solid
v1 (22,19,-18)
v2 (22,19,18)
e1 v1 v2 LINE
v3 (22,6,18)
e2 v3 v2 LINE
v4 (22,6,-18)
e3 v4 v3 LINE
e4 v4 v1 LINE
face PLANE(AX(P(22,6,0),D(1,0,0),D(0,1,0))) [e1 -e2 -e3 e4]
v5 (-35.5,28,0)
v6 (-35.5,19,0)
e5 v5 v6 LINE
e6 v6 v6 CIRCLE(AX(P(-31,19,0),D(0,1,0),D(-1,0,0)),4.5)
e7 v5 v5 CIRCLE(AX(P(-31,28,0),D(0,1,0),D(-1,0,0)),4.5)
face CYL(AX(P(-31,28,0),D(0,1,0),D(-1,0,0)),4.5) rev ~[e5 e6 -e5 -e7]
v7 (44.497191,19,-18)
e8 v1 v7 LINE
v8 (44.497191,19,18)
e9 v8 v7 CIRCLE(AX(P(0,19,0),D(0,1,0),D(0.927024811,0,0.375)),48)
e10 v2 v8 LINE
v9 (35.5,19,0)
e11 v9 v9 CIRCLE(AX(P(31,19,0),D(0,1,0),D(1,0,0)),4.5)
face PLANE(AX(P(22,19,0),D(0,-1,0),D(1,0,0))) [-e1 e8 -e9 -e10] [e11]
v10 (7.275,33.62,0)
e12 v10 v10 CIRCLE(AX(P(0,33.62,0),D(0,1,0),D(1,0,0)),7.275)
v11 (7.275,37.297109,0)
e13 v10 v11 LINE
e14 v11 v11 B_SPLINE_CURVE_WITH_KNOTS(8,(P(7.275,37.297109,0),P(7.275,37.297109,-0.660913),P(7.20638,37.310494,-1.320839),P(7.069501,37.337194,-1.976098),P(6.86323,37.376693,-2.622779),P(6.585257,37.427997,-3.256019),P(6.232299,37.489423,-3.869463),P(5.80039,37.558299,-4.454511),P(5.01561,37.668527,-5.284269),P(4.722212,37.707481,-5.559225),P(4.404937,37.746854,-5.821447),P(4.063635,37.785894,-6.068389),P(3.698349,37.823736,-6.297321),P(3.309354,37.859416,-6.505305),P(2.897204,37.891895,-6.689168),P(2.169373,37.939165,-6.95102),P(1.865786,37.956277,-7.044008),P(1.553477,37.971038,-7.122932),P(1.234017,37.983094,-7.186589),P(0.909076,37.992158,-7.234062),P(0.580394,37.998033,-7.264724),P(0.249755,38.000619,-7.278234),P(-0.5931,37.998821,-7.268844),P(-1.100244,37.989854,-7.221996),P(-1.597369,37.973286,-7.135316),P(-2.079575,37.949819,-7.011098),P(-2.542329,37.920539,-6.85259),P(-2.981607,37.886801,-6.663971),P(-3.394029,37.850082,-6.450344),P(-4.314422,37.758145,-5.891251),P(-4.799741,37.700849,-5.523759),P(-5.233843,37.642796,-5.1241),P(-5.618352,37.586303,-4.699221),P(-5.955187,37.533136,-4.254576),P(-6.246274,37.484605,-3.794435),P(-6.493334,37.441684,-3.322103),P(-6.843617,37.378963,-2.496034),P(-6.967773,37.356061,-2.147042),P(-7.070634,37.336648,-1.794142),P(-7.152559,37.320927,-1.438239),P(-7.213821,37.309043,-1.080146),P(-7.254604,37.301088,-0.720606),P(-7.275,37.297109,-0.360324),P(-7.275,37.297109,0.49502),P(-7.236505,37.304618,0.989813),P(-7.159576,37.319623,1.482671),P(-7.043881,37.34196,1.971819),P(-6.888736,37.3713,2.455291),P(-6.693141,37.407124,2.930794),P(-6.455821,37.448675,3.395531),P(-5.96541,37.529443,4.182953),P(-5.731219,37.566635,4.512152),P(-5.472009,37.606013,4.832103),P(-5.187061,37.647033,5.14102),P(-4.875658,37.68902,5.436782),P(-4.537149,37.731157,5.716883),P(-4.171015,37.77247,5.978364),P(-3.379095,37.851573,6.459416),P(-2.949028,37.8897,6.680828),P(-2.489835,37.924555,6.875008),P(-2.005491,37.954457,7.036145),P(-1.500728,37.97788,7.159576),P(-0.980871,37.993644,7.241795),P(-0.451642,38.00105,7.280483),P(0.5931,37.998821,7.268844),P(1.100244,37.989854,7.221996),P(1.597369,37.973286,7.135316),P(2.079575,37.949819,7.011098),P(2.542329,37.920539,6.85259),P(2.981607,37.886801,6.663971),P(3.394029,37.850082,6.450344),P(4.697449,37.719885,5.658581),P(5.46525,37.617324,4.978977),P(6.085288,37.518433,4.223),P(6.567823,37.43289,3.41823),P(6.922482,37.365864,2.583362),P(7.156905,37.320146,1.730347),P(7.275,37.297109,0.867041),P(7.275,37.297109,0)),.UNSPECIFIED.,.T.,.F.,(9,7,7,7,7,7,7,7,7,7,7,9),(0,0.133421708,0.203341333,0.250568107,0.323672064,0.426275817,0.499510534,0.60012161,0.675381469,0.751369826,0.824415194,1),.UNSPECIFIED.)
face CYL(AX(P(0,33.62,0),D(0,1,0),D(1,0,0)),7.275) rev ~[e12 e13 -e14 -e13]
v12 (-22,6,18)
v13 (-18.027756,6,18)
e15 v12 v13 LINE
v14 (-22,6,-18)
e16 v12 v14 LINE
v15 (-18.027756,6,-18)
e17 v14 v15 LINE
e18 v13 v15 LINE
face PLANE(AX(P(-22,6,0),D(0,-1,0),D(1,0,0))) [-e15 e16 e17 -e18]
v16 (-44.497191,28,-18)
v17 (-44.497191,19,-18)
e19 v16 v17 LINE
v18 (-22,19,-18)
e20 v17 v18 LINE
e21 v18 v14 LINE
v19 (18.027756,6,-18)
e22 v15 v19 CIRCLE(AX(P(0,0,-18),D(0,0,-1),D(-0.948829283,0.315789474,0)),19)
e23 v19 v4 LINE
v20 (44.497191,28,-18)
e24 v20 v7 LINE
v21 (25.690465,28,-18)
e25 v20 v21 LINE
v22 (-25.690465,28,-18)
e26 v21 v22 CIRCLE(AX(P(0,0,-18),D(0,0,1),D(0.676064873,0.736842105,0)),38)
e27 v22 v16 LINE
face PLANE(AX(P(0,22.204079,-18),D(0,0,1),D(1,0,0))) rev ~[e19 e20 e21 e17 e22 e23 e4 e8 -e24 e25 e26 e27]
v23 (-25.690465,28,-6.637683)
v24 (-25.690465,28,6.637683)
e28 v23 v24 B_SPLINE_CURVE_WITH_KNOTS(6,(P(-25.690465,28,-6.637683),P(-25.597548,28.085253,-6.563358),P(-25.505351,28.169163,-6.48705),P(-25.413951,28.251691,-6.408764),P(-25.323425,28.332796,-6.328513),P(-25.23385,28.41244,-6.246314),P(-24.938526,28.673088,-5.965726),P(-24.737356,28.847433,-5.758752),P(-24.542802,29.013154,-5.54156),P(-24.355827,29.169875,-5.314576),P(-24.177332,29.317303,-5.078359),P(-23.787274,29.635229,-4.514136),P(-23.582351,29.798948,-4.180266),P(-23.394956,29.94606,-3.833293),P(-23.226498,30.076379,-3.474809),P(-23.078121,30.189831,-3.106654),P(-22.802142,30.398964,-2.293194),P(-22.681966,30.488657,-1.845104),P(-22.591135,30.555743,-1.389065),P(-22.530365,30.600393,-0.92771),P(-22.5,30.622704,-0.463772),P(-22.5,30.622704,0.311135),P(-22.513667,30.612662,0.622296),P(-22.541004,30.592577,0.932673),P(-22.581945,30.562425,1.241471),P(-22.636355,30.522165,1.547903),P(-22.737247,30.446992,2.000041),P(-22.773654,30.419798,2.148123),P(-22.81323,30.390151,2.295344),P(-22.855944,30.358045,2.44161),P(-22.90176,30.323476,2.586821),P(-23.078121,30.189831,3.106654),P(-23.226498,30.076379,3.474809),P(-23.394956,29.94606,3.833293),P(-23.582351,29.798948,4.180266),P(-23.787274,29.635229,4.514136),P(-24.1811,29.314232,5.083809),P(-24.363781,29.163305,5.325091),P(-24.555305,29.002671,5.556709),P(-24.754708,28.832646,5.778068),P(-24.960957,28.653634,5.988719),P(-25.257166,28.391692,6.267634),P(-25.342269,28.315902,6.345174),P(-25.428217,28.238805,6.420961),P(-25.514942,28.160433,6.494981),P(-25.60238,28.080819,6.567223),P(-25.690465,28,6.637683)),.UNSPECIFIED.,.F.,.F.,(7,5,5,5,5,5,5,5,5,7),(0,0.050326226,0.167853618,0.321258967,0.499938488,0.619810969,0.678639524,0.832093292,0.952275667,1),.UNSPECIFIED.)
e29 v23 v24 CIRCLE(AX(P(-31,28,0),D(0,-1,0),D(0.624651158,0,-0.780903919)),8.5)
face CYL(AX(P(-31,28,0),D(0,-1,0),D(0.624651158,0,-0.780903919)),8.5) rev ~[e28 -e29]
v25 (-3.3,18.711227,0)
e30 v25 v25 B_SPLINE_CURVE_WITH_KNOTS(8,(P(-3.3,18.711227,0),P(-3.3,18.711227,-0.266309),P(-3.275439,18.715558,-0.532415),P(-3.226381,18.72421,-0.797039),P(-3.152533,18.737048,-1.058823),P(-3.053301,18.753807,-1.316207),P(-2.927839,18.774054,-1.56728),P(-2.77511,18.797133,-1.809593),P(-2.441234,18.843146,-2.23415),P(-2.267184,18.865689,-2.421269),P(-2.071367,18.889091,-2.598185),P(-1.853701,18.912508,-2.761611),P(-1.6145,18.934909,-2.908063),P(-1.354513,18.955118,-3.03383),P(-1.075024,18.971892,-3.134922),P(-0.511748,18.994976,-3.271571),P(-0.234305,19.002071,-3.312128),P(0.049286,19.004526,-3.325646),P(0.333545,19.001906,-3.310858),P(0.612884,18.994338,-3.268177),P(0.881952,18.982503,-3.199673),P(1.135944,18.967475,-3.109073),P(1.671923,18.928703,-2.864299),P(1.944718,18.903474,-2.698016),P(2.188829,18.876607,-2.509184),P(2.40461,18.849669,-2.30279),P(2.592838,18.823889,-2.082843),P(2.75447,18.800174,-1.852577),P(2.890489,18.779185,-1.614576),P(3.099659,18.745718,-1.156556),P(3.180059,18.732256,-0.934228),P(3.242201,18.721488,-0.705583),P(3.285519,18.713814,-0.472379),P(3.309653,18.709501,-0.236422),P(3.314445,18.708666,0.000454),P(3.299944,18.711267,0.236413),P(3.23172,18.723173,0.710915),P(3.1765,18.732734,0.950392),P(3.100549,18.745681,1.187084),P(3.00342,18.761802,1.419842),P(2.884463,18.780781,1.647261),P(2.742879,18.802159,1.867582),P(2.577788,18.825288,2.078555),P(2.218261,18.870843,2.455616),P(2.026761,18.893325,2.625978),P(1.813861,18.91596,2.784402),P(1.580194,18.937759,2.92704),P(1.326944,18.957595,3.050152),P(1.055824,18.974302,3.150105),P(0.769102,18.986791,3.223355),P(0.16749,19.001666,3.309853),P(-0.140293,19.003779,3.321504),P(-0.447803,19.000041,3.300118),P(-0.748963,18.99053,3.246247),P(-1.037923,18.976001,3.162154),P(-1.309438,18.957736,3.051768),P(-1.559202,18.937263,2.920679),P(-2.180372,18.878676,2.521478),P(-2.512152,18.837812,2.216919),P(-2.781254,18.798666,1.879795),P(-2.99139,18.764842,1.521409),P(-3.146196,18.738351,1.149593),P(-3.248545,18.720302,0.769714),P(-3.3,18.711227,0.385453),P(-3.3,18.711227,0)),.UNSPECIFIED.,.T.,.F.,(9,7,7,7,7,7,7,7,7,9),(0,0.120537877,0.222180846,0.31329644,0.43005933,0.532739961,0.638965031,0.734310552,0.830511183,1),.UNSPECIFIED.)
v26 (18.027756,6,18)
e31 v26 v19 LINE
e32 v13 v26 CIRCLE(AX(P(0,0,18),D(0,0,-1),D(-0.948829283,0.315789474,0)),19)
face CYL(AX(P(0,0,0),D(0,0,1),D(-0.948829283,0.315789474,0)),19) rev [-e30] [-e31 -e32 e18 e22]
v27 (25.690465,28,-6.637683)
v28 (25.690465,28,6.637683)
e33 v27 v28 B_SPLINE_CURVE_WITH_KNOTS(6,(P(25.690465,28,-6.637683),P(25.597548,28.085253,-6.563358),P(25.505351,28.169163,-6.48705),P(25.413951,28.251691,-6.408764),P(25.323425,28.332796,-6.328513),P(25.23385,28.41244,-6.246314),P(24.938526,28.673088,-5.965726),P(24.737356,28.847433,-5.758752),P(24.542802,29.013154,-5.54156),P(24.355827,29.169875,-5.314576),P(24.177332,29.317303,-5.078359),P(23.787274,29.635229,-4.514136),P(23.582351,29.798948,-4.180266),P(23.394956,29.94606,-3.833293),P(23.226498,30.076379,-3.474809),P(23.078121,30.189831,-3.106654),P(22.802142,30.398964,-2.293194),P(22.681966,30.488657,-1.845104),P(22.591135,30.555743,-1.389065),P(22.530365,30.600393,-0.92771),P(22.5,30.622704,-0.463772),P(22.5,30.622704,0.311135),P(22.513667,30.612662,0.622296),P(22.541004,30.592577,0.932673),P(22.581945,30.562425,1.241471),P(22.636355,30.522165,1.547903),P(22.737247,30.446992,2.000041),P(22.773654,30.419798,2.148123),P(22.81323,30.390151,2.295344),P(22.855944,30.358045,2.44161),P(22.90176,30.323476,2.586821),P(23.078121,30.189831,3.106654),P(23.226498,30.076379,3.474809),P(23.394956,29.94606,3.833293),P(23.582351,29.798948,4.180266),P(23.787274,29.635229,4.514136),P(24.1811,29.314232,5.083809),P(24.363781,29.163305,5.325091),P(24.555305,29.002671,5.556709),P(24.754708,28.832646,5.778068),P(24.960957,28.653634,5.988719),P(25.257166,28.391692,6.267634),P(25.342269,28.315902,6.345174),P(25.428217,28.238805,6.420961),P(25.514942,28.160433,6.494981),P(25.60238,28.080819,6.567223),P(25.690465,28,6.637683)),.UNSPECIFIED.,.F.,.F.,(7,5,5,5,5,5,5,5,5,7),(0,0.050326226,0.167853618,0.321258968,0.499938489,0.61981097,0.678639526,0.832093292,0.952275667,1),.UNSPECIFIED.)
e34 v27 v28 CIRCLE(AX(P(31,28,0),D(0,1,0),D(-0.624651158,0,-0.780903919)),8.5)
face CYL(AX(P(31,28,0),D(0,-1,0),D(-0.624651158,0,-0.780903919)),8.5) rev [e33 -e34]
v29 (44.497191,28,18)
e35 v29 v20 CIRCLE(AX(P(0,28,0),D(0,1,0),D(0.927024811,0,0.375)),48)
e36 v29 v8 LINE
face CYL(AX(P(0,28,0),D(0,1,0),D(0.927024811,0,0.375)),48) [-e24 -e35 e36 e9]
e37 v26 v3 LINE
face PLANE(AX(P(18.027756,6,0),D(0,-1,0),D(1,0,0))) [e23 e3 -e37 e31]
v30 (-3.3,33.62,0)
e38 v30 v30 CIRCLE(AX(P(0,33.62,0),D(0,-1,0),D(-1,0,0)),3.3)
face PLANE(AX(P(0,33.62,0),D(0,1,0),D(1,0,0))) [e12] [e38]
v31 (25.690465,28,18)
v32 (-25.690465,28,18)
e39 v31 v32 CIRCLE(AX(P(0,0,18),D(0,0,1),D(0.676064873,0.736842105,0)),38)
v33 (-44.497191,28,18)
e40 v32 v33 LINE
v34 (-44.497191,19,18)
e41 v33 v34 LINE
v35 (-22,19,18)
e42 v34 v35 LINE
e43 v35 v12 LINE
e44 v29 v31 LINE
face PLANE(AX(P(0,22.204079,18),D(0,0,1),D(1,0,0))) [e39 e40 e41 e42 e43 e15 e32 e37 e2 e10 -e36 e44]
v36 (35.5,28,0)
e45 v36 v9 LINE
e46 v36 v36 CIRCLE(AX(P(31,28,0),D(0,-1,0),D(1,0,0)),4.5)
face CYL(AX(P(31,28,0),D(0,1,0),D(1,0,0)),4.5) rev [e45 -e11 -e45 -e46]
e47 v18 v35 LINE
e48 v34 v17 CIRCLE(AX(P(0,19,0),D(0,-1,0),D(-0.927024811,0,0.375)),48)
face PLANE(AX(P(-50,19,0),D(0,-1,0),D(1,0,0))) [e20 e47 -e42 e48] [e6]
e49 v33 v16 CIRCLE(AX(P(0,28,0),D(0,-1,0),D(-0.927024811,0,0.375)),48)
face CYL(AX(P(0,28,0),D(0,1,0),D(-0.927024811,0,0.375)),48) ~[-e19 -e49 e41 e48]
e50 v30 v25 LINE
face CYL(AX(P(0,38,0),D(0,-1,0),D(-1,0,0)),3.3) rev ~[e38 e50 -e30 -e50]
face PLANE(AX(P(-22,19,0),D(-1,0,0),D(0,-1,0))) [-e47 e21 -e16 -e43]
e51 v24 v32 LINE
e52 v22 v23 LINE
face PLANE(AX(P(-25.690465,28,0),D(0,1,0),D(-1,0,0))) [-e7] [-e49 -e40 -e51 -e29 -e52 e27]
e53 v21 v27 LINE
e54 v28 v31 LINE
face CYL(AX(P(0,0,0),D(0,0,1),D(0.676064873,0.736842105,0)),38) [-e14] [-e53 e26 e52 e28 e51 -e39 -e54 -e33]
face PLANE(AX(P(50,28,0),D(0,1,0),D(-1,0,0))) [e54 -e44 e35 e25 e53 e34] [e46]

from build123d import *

# Parameters (mm, degrees)
BOSS_EXTRUDE1_DEPTH                     = 18
CUT_EXTRUDE1_DEPTH                      = 9
SKETCH5_R                               = 4.5
CUT_EXTRUDE2_DEPTH                      = 10
CUT_EXTRUDE3_DEPTH                      = 10
CBORE_FOR_M6_HEX_HEAD_BOLT4_D           = 6.6
CBORE_FOR_M6_HEX_HEAD_BOLT4_CBORE_D     = 14.55
CBORE_FOR_M6_HEX_HEAD_BOLT4_CBORE_DEPTH = 4.38


with BuildPart() as part:
    # Sketch1 → Boss-Extrude1 (new body, symmetric)
    with BuildSketch(Plane.XY):
        with BuildLine():
            Line((18.027756377, 6), (22, 6))
            Line((22, 6), (22, 19))
            Line((22, 19), (50, 19))
            Line((50, 19), (50, 28))
            Line((50, 28), (29.380930315, 28))
            Line((29.380930315, 28), (25.690465157, 28))
            ThreePointArc((25.690465157, 28), (0, 38), (-25.690465157, 28))
            Line((-25.690465157, 28), (-29.380930315, 28))
            Line((-29.380930315, 28), (-50, 28))
            Line((-50, 28), (-50, 19))
            Line((-50, 19), (-22, 19))
            Line((-22, 19), (-22, 6))
            Line((-22, 6), (-18.027756377, 6))
            ThreePointArc((-18.027756377, 6), (0, 19), (18.027756377, 6))
        make_face()
    extrude(amount=BOSS_EXTRUDE1_DEPTH, both=True)

    # Sketch4 → Cut-Extrude1 (cut)
    with BuildSketch(Plane(origin=(0, 28, 0), x_dir=(1, 0, 0), z_dir=(0, 1, 0))):
        with BuildLine():
            Line((-44.497190923, 18), (-50, 18))
            Line((-50, 18), (-50, -18))
            Line((-50, -18), (-44.497190923, -18))
            ThreePointArc((-44.497190923, -18), (-48, 0), (-44.497190923, 18))
        make_face()
    cut_extrude1 = extrude(amount=-CUT_EXTRUDE1_DEPTH, mode=Mode.SUBTRACT)

    # Mirror1: Cut-Extrude1 across plane
    add(cut_extrude1.mirror(Plane(origin=(0, 0, 0), x_dir=(0, 0, 1), z_dir=(1, 0, 0))), mode=Mode.SUBTRACT)

    # Sketch5 → Cut-Extrude2 (cut)
    with BuildSketch(Plane(origin=(0, 28, 0), x_dir=(1, 0, 0), z_dir=(0, 1, 0))):
        with Locations(Location((-31, 0, 0), (0, 0, 180))):  # turned: the seam where the file's is
            Circle(SKETCH5_R)
    cut_extrude2 = extrude(amount=-CUT_EXTRUDE2_DEPTH, mode=Mode.SUBTRACT)

    # Sketch7 → Cut-Extrude3 (cut)
    with BuildSketch(Plane(origin=(0, 28, 0), x_dir=(1, 0, 0), z_dir=(0, 1, 0))):
        with BuildLine():
            Line((-25.690465157, -6.637683312), (-25.690465157, 6.637683312))
            ThreePointArc((-25.690465157, 6.637683312), (-22.5, 0), (-25.690465157, -6.637683312))
        make_face()
    cut_extrude3 = extrude(amount=CUT_EXTRUDE3_DEPTH, mode=Mode.SUBTRACT)

    # Mirror2: Cut-Extrude2, Cut-Extrude3 across plane
    add(cut_extrude2.mirror(Plane(origin=(0, 0, 0), x_dir=(0, 0, 1), z_dir=(1, 0, 0))), mode=Mode.SUBTRACT)
    add(cut_extrude3.mirror(Plane(origin=(0, 0, 0), x_dir=(0, 0, 1), z_dir=(1, 0, 0))), mode=Mode.SUBTRACT)

    # CBORE for M6 Hex Head Bolt4 (through all)
    with Locations(Plane(origin=(0, 38, 0), x_dir=(1, 0, 0), z_dir=(0, 1, 0))):
        with Locations((0, 0)):
            CounterBoreHole(CBORE_FOR_M6_HEX_HEAD_BOLT4_D / 2, CBORE_FOR_M6_HEX_HEAD_BOLT4_CBORE_D / 2, CBORE_FOR_M6_HEX_HEAD_BOLT4_CBORE_DEPTH)


solid = part.part
